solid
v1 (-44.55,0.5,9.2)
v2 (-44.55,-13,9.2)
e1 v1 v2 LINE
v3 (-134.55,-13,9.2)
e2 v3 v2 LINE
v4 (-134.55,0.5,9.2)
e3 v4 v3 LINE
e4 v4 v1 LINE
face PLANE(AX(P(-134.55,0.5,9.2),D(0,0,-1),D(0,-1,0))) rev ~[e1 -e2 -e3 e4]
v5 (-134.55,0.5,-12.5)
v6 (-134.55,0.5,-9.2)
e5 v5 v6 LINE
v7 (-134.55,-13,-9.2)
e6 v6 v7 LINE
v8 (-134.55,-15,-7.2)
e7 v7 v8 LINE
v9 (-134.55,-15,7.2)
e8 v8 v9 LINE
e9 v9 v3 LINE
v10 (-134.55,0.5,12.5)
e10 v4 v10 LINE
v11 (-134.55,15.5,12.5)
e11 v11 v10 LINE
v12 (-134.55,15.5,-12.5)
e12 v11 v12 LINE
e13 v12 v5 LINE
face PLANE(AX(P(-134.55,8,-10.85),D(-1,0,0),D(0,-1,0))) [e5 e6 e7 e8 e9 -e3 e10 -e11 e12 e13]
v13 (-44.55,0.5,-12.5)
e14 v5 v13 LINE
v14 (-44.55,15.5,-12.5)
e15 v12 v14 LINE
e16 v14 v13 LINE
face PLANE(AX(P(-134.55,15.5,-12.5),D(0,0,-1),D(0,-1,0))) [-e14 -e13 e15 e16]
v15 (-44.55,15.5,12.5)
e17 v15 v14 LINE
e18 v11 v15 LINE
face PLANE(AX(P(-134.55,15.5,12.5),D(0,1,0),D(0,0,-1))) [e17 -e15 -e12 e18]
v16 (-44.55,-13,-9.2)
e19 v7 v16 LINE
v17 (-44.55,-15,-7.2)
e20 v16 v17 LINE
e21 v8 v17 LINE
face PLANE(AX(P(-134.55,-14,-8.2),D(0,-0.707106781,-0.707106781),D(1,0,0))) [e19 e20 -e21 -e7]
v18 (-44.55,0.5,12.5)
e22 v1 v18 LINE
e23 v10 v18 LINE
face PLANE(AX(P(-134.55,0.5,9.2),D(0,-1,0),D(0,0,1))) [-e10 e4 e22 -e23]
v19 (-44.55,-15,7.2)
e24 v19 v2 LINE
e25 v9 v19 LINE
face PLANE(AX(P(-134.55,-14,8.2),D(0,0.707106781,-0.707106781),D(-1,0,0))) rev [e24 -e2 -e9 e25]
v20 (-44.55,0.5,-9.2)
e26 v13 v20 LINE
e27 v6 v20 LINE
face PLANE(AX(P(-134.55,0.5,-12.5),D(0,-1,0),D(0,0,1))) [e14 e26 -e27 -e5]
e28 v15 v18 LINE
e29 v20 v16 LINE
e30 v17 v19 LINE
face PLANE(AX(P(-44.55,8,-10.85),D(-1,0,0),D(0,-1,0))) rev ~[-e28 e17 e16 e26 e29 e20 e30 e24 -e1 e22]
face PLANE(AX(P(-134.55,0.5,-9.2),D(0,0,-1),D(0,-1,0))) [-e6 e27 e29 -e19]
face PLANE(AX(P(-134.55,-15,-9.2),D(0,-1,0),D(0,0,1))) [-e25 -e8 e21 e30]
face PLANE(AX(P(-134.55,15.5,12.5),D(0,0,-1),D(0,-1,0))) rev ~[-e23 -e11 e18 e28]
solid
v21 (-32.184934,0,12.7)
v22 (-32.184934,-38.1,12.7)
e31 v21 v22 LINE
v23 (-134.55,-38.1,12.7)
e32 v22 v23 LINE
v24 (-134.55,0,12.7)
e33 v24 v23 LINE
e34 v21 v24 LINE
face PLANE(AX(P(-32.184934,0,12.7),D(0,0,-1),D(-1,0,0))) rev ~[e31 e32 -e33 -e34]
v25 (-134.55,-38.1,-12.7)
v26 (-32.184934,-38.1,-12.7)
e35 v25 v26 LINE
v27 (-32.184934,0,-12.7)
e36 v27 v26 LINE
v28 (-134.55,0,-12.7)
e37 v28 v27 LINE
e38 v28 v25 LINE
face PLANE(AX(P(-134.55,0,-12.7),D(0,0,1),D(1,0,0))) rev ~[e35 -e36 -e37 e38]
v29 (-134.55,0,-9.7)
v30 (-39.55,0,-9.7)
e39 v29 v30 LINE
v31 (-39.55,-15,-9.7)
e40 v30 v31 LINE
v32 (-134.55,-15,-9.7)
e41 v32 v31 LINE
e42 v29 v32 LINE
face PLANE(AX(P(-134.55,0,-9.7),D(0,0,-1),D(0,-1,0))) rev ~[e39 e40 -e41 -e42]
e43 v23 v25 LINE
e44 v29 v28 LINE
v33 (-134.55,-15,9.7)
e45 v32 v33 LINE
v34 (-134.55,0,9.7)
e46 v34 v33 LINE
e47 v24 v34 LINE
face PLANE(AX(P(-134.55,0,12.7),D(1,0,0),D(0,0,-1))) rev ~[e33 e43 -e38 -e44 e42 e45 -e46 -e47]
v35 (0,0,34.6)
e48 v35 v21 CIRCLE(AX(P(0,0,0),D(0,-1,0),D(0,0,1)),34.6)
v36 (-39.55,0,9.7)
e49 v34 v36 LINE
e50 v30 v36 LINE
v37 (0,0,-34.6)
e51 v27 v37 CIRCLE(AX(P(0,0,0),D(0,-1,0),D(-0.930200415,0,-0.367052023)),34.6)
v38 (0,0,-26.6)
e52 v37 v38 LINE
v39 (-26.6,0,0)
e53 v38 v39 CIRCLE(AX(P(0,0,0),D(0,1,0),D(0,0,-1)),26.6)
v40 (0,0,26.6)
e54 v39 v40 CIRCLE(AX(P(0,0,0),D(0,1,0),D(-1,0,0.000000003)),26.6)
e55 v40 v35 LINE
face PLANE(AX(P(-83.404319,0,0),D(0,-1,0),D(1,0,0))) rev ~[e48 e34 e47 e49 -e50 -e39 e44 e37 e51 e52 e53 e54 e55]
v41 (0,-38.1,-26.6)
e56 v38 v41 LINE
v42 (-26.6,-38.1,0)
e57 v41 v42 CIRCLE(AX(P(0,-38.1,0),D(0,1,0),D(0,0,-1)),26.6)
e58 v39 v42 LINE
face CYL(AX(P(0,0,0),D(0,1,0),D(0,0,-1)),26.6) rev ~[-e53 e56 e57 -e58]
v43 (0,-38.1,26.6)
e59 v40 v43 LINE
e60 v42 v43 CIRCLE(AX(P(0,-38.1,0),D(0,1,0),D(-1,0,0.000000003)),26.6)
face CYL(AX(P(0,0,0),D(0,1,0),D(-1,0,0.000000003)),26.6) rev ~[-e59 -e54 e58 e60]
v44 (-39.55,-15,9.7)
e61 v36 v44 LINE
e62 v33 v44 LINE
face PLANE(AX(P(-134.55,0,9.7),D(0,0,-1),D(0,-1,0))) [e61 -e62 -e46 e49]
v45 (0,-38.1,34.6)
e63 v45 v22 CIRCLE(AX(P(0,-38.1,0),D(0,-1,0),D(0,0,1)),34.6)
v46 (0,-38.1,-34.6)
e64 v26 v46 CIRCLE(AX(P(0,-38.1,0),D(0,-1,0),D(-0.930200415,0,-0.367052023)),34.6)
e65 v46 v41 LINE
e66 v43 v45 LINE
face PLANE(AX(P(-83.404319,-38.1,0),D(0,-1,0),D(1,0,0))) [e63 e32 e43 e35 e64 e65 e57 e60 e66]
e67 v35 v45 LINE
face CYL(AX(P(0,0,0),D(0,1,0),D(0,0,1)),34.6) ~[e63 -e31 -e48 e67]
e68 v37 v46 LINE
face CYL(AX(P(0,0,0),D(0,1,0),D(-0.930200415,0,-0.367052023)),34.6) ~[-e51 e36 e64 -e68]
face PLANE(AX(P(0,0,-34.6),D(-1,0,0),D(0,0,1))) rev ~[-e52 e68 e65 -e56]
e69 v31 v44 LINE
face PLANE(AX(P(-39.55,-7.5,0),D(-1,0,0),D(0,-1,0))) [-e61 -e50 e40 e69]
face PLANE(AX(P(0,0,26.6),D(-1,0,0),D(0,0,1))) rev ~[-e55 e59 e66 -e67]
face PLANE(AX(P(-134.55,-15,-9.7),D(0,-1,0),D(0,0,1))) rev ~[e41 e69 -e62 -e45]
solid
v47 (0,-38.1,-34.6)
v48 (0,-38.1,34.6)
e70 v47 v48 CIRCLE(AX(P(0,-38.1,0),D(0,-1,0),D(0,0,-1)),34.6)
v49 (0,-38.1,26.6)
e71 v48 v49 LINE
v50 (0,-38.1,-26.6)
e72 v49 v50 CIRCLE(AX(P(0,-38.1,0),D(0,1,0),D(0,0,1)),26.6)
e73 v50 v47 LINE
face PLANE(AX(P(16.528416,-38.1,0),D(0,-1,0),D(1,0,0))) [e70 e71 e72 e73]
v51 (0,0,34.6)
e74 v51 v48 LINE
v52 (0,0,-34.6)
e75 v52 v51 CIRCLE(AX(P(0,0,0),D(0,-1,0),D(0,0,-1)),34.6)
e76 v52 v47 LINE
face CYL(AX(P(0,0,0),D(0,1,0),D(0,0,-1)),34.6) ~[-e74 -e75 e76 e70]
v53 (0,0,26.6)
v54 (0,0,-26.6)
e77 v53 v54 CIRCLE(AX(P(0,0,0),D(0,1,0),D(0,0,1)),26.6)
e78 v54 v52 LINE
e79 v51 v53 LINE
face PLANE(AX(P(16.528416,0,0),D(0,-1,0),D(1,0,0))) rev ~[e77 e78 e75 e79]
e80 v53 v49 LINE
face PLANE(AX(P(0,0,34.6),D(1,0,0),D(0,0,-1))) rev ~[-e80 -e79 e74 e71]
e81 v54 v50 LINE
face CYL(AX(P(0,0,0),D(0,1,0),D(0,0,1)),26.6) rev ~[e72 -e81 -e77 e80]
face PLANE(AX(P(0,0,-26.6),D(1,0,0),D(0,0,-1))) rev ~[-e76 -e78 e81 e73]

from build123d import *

# Parameters (mm, degrees)
F1_DEPTH = 38.1
F2_W     = 15
F2_H     = 19.4
F3_DEPTH = 95
F5_DEPTH = 38.1
F6_W     = 15
F6_H     = 3.3
F6_H_2   = 18.4
F6_W_2   = 15.5
F7_DEPTH = 90
F8_SIZE  = 2


with BuildPart() as f1:
    # F0 (on Front) → F1 (new body)
    with BuildSketch(Plane.XZ):
        with BuildLine():
            ThreePointArc((-32.1849343638, -12.7), (-34.6, 0), (-32.1849343638, 12.7))
            Line((-32.1849343638, 12.7), (-134.55, 12.7))
            Line((-134.55, 12.7), (-134.55, -12.7))
            Line((-134.55, -12.7), (-32.1849343638, -12.7))
        make_face()
        with BuildLine():
            Line((-26.6, -12.7), (-26.6, 6.93e-08))
            Line((-26.6, 6.93e-08), (-26.6, 12.7))
            Line((-26.6, 12.7), (-32.1849343638, 12.7))
            ThreePointArc((-32.1849343638, 12.7), (-34.6, 0), (-32.1849343638, -12.7))
            Line((-32.1849343638, -12.7), (-26.6, -12.7))
        make_face()
        with BuildLine():
            ThreePointArc((-26.6, 6.93e-08), (-18.8090403551, 18.8090404041), (0, 26.6))
            Line((0, 26.6), (0, 34.6))
            ThreePointArc((0, 34.6), (-19.4645832218, 28.605768649), (-32.1849343638, 12.7))
            Line((-32.1849343638, 12.7), (-26.6, 12.7))
            Line((-26.6, 12.7), (-26.6, 6.93e-08))
        make_face()
        with BuildLine():
            ThreePointArc((0, -26.6), (-18.8090404041, -18.8090403551), (-26.6, 6.93e-08))
            Line((-26.6, 6.93e-08), (-26.6, -12.7))
            Line((-26.6, -12.7), (-32.1849343638, -12.7))
            ThreePointArc((-32.1849343638, -12.7), (-19.4645832218, -28.605768649), (0, -34.6))
            Line((0, -34.6), (0, -26.6))
        make_face()
    extrude(amount=F1_DEPTH)

    # F2 (on face) → F3 (cut)
    with BuildSketch(Plane(origin=(-134.55, 0, 0), x_dir=(0, -1, 0), z_dir=(-1, 0, 0))):
        with Locations((7.5, 0)):
            Rectangle(F2_W, F2_H)
    extrude(amount=-F3_DEPTH, mode=Mode.SUBTRACT)


with BuildPart() as f5:
    # F4 (on Front) → F5 (new body, through all)
    with BuildSketch(Plane.XZ):
        with BuildLine():
            Line((0, -26.6), (0, -34.6))
            ThreePointArc((0, -34.6), (34.6, 0), (0, 34.6))
            Line((0, 34.6), (0, 26.6))
            ThreePointArc((0, 26.6), (26.6, 0), (0, -26.6))
        make_face()
    extrude(amount=F5_DEPTH)


with BuildPart() as f7:
    # F6 (on face) → F7 (new body)
    with BuildSketch(Plane(origin=(-134.55, 0, 0), x_dir=(0, -1, 0), z_dir=(-1, 0, 0))):
        with Locations((-8, -10.85)):
            Rectangle(F6_W, F6_H)
        with Locations((-8, 0)):
            Rectangle(F6_W, F6_H_2)
        with Locations((-8, 10.85)):
            Rectangle(F6_W, F6_H)
        with Locations((7.25, 0)):
            Rectangle(F6_W_2, F6_H_2)
    extrude(amount=-F7_DEPTH)

    # F8
    f8_edges = [f7.edges().sort_by_distance(p)[0] for p in [
        (-89.55, -15, -9.2),
        (-89.55, -15, 9.2),
    ]]
    chamfer(f8_edges, length=F8_SIZE)


solid = Compound([f1.part, f5.part, f7.part])
